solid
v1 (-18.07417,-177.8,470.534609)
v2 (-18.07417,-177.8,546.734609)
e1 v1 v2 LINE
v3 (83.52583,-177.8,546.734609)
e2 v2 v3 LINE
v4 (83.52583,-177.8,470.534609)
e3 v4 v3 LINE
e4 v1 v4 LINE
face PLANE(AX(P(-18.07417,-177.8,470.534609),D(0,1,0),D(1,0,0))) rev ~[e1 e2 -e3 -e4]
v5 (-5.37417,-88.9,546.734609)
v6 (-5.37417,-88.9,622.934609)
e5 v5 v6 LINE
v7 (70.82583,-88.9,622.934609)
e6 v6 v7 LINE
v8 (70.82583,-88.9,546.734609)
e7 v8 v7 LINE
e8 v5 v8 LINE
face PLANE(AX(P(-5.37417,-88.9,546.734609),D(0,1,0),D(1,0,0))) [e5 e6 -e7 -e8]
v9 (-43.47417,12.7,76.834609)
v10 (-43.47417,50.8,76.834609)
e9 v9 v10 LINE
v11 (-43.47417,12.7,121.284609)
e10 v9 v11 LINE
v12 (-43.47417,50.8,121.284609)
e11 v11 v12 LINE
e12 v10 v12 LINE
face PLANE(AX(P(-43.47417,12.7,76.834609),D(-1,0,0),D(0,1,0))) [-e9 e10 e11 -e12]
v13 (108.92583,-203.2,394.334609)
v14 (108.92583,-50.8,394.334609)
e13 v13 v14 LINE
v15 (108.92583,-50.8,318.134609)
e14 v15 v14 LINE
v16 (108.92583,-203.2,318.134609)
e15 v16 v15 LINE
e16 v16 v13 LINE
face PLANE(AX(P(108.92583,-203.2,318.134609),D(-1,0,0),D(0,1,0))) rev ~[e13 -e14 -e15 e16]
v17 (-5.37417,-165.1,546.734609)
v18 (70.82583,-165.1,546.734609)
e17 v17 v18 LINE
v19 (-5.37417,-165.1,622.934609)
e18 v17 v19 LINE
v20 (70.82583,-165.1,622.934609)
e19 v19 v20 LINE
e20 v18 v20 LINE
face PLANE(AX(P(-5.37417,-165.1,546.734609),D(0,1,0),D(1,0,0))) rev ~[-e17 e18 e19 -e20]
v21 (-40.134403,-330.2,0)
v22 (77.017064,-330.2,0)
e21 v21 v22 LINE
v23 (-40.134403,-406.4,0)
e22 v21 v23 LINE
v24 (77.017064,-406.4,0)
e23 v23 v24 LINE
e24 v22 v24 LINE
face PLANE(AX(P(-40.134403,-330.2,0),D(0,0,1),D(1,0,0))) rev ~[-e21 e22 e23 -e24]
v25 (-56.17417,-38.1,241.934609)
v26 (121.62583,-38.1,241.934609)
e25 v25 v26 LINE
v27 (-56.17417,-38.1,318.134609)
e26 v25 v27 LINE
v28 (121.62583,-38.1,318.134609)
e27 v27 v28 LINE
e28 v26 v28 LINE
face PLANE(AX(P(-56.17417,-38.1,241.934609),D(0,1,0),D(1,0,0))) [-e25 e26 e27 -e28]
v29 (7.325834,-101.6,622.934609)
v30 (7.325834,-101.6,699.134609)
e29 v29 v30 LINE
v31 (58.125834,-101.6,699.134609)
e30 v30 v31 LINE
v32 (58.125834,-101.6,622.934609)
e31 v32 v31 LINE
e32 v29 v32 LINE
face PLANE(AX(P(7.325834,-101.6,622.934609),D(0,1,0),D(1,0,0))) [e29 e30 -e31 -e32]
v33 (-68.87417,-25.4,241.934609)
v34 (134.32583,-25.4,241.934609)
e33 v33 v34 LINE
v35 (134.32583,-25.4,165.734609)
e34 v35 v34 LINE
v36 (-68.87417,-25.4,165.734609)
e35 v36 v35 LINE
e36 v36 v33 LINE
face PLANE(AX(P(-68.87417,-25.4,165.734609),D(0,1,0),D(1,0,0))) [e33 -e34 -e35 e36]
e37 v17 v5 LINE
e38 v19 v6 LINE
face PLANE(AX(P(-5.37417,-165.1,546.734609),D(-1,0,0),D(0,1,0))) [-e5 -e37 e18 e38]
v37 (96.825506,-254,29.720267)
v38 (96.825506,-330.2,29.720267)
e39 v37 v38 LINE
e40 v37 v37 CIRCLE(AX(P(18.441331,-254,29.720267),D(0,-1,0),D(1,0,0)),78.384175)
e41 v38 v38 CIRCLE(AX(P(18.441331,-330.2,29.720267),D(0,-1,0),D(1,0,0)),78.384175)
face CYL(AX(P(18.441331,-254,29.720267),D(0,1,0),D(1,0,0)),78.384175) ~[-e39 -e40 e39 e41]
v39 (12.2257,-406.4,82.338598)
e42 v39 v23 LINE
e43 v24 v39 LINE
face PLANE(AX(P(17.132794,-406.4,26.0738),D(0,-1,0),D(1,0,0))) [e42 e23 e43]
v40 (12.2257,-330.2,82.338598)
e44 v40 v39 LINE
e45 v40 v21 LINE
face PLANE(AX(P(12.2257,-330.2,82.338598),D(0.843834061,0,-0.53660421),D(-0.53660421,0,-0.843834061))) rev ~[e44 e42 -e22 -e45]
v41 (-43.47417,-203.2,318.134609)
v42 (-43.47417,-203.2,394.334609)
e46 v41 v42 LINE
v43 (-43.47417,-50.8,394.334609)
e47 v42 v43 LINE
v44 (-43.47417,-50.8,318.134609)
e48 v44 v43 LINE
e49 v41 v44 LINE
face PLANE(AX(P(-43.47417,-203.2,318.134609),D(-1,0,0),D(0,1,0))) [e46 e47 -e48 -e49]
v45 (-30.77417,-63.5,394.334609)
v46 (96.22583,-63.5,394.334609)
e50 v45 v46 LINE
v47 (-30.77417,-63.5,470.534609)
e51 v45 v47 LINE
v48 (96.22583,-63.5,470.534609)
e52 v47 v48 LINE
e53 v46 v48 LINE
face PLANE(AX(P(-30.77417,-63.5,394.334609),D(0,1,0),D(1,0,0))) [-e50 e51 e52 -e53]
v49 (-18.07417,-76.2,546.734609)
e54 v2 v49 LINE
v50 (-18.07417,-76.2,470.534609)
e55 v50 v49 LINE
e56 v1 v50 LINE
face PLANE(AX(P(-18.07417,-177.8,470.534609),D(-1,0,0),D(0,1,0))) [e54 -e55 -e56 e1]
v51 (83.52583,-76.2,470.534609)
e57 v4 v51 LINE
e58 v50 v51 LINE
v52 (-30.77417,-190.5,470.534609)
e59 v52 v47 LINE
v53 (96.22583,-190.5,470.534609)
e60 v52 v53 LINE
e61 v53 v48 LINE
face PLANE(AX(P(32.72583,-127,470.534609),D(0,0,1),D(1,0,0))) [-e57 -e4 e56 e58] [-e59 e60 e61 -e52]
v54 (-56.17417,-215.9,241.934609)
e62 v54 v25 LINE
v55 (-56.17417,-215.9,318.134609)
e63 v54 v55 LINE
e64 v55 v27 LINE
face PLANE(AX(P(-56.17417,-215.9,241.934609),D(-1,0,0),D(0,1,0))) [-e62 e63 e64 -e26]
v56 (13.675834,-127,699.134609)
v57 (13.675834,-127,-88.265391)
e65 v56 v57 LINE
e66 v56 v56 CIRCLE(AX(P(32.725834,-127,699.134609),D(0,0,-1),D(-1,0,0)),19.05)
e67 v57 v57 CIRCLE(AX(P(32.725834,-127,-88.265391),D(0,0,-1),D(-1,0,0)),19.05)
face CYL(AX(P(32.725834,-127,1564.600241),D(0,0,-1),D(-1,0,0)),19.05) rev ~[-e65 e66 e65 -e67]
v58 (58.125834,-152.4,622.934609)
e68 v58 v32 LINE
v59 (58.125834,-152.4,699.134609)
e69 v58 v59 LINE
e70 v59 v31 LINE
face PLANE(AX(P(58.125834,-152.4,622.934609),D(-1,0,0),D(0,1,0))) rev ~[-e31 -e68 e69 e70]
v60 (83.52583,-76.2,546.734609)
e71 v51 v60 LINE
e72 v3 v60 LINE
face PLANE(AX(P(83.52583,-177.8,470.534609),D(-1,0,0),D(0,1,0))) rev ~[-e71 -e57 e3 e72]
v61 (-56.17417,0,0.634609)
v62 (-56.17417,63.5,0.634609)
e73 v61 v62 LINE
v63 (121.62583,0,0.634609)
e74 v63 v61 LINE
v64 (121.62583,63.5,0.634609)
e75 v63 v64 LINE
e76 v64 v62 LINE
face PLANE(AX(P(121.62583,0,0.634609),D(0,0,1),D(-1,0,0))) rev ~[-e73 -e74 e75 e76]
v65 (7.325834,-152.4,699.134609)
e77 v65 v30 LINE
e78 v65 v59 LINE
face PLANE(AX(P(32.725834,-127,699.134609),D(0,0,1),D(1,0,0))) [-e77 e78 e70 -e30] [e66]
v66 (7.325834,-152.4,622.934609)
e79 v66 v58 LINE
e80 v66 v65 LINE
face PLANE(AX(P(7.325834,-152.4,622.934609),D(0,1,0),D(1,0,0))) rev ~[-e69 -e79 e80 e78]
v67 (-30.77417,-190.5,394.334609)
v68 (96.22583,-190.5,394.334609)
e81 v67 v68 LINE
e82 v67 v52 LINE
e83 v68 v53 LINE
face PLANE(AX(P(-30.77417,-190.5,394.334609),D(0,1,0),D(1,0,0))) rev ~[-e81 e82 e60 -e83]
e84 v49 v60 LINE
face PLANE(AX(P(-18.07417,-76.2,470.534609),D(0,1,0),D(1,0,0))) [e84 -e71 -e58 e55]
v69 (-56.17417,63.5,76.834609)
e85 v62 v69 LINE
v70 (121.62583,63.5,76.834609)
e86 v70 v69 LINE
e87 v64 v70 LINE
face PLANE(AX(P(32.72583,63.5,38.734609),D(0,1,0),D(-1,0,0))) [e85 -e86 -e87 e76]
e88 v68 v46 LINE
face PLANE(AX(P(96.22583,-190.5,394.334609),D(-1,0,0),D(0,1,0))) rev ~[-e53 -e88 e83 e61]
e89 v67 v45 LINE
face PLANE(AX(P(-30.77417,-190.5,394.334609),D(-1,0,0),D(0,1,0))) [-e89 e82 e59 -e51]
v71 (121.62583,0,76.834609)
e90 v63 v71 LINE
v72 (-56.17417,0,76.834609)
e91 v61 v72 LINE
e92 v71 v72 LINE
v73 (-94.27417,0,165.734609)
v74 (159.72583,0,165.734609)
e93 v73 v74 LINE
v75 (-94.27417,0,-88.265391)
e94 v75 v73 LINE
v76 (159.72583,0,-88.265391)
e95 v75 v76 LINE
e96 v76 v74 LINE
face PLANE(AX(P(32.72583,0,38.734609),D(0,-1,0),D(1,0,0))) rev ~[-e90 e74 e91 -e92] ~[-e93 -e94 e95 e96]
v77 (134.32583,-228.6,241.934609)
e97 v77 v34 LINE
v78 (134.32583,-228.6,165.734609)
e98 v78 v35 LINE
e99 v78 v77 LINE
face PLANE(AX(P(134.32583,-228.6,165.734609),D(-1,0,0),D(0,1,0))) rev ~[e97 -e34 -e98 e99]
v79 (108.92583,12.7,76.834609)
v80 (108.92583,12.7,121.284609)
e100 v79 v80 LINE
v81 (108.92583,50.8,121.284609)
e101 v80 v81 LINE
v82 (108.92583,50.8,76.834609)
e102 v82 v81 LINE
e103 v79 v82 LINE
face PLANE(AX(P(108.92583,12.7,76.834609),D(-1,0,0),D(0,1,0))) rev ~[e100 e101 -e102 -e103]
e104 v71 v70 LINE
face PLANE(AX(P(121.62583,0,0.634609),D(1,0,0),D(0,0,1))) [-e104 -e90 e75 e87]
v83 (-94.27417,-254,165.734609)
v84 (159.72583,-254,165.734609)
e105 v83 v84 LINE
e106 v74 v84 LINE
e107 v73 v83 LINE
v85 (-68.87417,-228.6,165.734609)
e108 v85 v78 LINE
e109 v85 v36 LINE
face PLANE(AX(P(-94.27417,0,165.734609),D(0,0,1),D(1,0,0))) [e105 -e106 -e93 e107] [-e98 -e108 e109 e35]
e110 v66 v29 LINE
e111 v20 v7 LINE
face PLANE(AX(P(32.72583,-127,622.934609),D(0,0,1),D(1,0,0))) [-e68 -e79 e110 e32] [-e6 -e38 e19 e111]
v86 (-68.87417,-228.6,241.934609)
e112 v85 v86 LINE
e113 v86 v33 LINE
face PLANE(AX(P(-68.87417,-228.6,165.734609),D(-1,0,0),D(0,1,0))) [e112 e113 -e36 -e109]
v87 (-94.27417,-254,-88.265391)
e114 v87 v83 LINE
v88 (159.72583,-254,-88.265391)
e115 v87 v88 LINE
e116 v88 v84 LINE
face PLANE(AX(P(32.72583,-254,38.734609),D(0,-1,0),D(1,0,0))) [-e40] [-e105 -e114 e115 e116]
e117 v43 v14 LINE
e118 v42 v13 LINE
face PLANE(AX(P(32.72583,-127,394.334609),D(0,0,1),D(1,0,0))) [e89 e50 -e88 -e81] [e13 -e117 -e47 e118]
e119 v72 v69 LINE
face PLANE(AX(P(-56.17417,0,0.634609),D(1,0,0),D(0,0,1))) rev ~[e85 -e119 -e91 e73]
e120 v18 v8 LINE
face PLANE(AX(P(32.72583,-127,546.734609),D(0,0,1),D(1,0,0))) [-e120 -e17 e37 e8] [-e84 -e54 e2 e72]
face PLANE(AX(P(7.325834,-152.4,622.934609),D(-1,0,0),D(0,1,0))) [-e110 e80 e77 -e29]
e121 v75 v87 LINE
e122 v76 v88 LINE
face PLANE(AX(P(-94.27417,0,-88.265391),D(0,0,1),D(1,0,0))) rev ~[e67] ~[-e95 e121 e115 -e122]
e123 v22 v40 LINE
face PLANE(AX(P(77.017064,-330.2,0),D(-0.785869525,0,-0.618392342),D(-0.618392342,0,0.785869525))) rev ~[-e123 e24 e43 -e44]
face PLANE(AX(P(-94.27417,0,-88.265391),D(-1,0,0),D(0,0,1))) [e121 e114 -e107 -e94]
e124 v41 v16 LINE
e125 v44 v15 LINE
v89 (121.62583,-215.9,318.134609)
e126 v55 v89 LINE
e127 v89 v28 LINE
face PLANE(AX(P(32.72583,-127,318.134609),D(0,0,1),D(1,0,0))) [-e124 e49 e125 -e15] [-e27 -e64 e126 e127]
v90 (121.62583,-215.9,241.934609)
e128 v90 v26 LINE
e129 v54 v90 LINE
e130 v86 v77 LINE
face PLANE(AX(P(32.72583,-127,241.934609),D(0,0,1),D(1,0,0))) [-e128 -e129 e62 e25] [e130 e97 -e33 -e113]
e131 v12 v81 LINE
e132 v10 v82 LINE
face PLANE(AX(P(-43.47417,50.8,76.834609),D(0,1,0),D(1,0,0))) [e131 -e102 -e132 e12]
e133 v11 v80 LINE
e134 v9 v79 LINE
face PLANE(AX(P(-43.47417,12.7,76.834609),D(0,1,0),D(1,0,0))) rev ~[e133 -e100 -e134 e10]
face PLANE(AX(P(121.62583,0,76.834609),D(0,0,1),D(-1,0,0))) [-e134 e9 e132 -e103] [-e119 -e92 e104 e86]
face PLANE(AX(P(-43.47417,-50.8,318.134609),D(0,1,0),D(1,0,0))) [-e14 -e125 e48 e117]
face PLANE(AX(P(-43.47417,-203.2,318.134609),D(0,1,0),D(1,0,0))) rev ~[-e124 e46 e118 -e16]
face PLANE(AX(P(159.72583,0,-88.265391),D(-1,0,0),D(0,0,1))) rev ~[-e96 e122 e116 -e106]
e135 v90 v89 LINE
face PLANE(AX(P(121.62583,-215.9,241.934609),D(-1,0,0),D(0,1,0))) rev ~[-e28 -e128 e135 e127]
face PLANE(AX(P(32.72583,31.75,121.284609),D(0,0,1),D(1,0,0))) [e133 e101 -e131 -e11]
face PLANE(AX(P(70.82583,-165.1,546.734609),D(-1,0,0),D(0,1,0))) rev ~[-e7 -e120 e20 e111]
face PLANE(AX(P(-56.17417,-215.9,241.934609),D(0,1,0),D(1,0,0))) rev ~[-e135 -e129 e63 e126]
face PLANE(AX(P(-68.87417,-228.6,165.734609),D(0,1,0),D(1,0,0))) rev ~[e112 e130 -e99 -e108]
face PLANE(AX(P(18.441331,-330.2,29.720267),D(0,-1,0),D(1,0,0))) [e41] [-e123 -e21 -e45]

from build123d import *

# Parameters (mm, degrees)
F0_W      = 254
F0_H      = 254
F1_DEPTH  = 254
F3_W      = 203.2
F3_H      = 203.2
F4_DEPTH  = 76.2
F5_W      = 177.8
F5_H      = 177.8
F6_DEPTH  = 76.2
F7_W      = 152.4
F7_H      = 152.4
F8_DEPTH  = 76.2
F9_W      = 127
F9_H      = 127
F10_DEPTH = 76.2
F11_W     = 101.6
F11_H     = 101.6
F12_DEPTH = 76.2
F13_W     = 76.2
F13_H     = 76.2
F14_DEPTH = 76.2
F15_W     = 50.8
F15_H     = 50.8
F16_DEPTH = 76.2
F18_D     = 38.1
F2_R      = 78.384175
F19_DEPTH = 76.2
F21_DEPTH = 76.2
F22_W     = 177.8
F22_H     = 76.2
F23_DEPTH = 63.5
F25_W     = 152.4
F25_H     = 38.1
F26_DEPTH = 44.45


with BuildPart() as f1:
    # F0 (on Front) → F1 (new body)
    with BuildSketch(Plane.XZ):
        with Locations((32.72583, 38.734609)):
            Rectangle(F0_W, F0_H)
    extrude(amount=F1_DEPTH)

    # F3 (on face) → F4 (join)
    with BuildSketch(Plane.XY.offset(165.734609)):
        with Locations((32.72583, -127)):
            Rectangle(F3_W, F3_H)
    extrude(amount=F4_DEPTH)

    # F5 (on face) → F6 (join)
    with BuildSketch(Plane.XY.offset(241.934609)):
        with Locations((32.72583, -127)):
            Rectangle(F5_W, F5_H)
    extrude(amount=F6_DEPTH)

    # F7 (on face) → F8 (join)
    with BuildSketch(Plane.XY.offset(318.134609)):
        with Locations((32.72583, -127)):
            Rectangle(F7_W, F7_H)
    extrude(amount=F8_DEPTH)

    # F9 (on face) → F10 (join)
    with BuildSketch(Plane.XY.offset(394.334609)):
        with Locations((32.72583, -127)):
            Rectangle(F9_W, F9_H)
    extrude(amount=F10_DEPTH)

    # F11 (on face) → F12 (join)
    with BuildSketch(Plane.XY.offset(470.534609)):
        with Locations((32.72583, -127)):
            Rectangle(F11_W, F11_H)
    extrude(amount=F12_DEPTH)

    # F13 (on face) → F14 (join)
    with BuildSketch(Plane.XY.offset(546.734609)):
        with Locations((32.72583, -127)):
            Rectangle(F13_W, F13_H)
    extrude(amount=F14_DEPTH)

    # F15 (on face) → F16 (join)
    with BuildSketch(Plane.XY.offset(622.934609)):
        with Locations((32.725834, -127)):
            Rectangle(F15_W, F15_H)
    extrude(amount=F16_DEPTH)

    # F18 (through all)
    with Locations(Plane.XY.offset(699.134609)):
        with Locations((32.725834, -127)):
            Hole(F18_D / 2)

    # F2 (on face) → F19 (join)
    with BuildSketch(Plane.XZ.offset(254)):
        with Locations((18.441331, 29.720267)):
            Circle(F2_R)
    extrude(amount=F19_DEPTH)

    # F20 (on face) → F21 (join)
    with BuildSketch(Plane.XZ.offset(330.2)):
        Polygon((77.017064, 0), (12.2257, 82.338598), (-40.134403, 0), align=None)
    extrude(amount=F21_DEPTH)

    # F22 (on face) → F23 (join)
    with BuildSketch(Plane(origin=(0, 0, 0), x_dir=(-1, 0, 0), z_dir=(0, 1, 0))):
        with Locations((-32.72583, 38.734609)):
            Rectangle(F22_W, F22_H)
    extrude(amount=F23_DEPTH)

    # F25 (on face) → F26 (join)
    with BuildSketch(Plane.XY.offset(76.834609)):
        with Locations((32.72583, 31.75)):
            Rectangle(F25_W, F25_H)
    extrude(amount=F26_DEPTH)


solid = f1.part
